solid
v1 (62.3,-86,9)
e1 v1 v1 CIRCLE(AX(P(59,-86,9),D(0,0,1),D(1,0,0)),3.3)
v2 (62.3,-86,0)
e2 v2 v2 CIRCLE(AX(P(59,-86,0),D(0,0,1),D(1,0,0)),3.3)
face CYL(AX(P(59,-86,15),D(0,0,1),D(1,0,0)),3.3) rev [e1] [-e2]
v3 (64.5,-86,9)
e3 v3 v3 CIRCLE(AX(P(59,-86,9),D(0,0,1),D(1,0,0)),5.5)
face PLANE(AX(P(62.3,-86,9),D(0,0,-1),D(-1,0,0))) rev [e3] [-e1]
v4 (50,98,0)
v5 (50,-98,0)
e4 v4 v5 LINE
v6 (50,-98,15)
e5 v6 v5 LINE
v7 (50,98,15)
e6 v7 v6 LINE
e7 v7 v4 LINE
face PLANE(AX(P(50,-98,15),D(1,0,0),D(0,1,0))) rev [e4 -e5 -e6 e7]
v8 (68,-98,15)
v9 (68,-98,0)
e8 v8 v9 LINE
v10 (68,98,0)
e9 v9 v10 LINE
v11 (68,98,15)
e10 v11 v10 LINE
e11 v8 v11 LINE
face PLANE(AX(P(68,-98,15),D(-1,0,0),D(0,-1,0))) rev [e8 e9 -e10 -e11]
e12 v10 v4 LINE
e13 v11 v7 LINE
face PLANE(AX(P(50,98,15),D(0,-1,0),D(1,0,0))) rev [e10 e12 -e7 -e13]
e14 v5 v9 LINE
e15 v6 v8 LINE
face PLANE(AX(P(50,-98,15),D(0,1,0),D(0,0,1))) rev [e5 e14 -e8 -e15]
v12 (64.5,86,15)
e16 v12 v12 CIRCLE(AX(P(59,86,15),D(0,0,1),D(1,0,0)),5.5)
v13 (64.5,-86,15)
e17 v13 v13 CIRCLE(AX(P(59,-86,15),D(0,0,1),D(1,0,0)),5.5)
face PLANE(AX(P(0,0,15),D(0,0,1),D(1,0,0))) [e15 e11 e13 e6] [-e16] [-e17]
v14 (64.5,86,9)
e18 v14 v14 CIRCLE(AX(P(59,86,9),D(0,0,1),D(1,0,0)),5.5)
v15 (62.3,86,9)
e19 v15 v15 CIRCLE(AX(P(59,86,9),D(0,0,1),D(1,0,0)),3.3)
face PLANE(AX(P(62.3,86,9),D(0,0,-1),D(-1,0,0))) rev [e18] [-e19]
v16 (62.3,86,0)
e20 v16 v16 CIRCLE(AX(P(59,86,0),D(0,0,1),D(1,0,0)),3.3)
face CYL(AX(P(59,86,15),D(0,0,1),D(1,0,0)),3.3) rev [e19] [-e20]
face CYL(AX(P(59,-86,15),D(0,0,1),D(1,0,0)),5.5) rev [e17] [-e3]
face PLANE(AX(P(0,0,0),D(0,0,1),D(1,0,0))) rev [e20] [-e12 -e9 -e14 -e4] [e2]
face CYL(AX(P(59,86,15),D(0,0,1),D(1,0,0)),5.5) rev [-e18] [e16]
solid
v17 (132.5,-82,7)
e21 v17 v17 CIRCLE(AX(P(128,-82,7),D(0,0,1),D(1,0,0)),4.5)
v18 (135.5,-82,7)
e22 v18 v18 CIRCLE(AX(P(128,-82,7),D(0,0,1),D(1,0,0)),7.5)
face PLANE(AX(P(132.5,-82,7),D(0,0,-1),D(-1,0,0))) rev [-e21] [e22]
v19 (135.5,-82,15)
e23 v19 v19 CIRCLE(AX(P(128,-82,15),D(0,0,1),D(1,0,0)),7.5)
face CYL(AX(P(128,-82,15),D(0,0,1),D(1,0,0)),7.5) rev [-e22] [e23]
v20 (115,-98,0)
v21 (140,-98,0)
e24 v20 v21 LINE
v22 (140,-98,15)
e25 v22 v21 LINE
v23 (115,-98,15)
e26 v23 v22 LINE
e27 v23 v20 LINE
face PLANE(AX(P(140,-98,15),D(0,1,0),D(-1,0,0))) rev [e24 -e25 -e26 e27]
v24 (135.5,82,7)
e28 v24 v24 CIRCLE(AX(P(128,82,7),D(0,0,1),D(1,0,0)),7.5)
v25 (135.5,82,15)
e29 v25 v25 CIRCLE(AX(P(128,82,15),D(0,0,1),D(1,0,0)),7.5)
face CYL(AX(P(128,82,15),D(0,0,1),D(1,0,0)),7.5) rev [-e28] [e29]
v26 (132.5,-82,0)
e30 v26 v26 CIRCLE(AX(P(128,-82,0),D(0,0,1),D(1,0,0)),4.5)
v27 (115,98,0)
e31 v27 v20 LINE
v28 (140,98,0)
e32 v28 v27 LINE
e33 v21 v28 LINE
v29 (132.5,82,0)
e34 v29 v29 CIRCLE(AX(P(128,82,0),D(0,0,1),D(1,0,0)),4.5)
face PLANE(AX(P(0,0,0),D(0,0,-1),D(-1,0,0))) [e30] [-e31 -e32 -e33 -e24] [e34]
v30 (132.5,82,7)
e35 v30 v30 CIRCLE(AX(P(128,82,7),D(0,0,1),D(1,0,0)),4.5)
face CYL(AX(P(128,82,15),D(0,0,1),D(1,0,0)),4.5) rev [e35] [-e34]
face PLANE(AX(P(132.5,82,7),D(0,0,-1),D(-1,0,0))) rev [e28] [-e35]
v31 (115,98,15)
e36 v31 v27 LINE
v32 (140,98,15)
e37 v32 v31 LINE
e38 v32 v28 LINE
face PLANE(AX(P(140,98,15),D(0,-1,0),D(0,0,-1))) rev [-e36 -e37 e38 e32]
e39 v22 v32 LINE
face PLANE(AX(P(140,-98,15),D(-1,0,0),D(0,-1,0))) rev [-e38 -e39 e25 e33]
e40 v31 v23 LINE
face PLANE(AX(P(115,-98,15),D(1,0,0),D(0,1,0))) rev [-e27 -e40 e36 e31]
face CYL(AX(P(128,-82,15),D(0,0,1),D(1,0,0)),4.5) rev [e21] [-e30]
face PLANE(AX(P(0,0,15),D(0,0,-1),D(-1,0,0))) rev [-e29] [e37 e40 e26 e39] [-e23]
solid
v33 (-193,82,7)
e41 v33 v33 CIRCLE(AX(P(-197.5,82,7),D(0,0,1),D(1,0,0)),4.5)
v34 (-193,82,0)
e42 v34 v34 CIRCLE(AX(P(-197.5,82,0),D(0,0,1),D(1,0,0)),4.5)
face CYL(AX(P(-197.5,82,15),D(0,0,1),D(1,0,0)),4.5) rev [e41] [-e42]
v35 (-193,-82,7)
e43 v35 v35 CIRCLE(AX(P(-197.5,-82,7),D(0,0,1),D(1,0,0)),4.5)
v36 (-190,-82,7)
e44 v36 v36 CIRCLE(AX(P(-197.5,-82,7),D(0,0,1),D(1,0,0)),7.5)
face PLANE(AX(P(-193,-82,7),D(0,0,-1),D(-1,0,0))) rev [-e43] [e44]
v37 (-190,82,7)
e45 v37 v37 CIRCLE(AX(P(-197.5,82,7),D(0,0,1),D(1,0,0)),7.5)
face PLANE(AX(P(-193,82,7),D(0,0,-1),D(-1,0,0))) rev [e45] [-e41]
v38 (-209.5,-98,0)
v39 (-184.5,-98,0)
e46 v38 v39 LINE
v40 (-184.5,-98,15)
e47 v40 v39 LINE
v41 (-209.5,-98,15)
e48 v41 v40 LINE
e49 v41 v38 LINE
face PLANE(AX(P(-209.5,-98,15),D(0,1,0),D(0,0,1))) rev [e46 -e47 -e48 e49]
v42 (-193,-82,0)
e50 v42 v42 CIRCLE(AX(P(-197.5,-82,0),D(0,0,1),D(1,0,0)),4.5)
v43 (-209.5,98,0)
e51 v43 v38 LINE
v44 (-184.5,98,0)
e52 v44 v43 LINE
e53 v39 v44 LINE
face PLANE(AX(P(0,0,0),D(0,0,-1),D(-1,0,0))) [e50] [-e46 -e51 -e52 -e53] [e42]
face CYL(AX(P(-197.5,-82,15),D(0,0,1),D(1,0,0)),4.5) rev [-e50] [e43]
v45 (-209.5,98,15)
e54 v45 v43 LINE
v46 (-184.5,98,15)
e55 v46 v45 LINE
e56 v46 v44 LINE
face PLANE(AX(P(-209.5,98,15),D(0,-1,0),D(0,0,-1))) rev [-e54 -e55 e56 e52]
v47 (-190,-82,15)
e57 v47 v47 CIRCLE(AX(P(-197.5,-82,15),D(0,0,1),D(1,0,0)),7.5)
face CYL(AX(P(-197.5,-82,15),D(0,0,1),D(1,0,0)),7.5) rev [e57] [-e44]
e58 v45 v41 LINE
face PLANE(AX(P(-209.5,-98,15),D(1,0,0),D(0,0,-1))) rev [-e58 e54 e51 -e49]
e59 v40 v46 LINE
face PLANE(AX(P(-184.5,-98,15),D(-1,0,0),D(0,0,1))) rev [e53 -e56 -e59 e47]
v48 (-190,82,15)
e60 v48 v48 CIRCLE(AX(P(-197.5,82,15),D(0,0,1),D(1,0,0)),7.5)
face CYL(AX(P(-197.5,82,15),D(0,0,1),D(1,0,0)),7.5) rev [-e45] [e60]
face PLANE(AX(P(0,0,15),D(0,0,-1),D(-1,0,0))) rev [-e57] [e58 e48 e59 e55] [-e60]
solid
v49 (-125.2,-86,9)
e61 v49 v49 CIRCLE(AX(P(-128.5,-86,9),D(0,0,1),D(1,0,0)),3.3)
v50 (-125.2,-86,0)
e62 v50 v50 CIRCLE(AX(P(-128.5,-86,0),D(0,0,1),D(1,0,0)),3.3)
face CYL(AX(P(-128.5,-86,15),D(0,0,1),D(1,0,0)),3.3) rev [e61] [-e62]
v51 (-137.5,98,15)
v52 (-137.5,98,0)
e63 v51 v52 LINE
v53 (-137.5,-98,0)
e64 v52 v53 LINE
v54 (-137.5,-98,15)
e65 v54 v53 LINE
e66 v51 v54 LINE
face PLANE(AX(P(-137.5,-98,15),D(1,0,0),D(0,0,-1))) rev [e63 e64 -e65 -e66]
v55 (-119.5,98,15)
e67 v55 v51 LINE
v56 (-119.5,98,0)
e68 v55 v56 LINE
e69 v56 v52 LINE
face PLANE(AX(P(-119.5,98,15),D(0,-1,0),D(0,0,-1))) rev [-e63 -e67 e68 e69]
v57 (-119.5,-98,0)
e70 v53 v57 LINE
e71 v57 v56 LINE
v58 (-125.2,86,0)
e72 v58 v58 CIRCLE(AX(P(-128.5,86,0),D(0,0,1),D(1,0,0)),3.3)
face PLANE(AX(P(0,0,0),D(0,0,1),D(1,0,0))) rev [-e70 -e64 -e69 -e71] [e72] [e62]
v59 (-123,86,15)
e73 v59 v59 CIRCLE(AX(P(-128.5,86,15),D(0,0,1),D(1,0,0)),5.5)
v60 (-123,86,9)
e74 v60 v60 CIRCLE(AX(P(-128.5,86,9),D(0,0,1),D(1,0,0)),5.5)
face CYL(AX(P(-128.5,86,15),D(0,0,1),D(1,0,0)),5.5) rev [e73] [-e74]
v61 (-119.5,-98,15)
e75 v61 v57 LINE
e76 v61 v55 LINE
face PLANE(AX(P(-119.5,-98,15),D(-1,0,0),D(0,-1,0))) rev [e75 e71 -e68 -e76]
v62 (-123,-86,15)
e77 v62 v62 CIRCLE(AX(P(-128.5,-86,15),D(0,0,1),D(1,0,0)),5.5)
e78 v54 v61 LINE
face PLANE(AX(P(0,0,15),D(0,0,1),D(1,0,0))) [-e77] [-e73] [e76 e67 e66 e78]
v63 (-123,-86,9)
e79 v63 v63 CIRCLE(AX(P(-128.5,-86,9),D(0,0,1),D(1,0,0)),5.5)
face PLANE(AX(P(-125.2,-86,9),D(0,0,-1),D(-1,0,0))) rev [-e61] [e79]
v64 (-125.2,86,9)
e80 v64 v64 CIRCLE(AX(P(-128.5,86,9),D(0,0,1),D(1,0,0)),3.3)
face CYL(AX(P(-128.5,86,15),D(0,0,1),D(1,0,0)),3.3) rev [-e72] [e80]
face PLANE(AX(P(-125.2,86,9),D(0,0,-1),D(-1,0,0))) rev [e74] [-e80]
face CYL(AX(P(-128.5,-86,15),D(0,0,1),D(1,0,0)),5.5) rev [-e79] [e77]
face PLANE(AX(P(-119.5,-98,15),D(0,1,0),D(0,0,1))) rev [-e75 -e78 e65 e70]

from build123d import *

# Parameters (mm, degrees)
SKETCH1_W                     = 18
SKETCH1_H                     = 196
BOSS_EXTRUDE1_DEPTH           = 15
SKETCH1_W_2                   = 25
BOSS_EXTRUDE1_2_DEPTH         = 15
BOSS_EXTRUDE1_3_DEPTH         = 15
BOSS_EXTRUDE1_4_DEPTH         = 15
CBORE_FOR_M6_SHCS1_AT_2_COUNT = 2
CBORE_FOR_M6_SHCS1_AT_2_PITCH = 172
CBORE_FOR_M6_SHCS2_AT_2_COUNT = 2
CBORE_FOR_M6_SHCS2_AT_2_PITCH = 172
CBORE_FOR_M8_SHCS2_AT_2_COUNT = 2
CBORE_FOR_M8_SHCS2_AT_2_PITCH = 164
CBORE_FOR_M8_SHCS3_AT_2_COUNT = 2
CBORE_FOR_M8_SHCS3_AT_2_PITCH = 164


with BuildPart() as part:
    # Sketch1 → Boss-Extrude1 (new body)
    with BuildSketch(Plane.XY):
        with Locations((-128.5, 0)):
            Rectangle(SKETCH1_W, SKETCH1_H)
    extrude(amount=BOSS_EXTRUDE1_DEPTH)

    # Sketch5 → CBORE for M6 SHCS2 (revolve, cut)
    with BuildSketch(Plane(origin=(-128.5, 86, 15), x_dir=(0, -1, 0), z_dir=(1, 0, 0))):
        Polygon((0, 0), (0, 15), (3.3, 15), (3.3, 6), (5.5, 6), (5.5, 0), align=None)
    cbore_for_m6_shcs2 = revolve(axis=Axis((-128.5, 86, 21.35), (0, 0, -1)), mode=Mode.SUBTRACT)

    # CBORE for M6 SHCS2 at 2: CBORE for M6 SHCS2 ×2
    with Locations(*[(0, -i * CBORE_FOR_M6_SHCS2_AT_2_PITCH, 0) for i in range(1, CBORE_FOR_M6_SHCS2_AT_2_COUNT)]):
        add(cbore_for_m6_shcs2, mode=Mode.SUBTRACT)


with BuildPart() as body_2:
    # Sketch1 → Boss-Extrude1 2 (new body)
    with BuildSketch(Plane.XY):
        with Locations((127.5, 0)):
            Rectangle(SKETCH1_W_2, SKETCH1_H)
    extrude(amount=BOSS_EXTRUDE1_2_DEPTH)

    # Sketch7 → CBORE for M8 SHCS2 (revolve, cut)
    with BuildSketch(Plane(origin=(128, -82, 15), x_dir=(0, -1, 0), z_dir=(1, 0, 0))):
        Polygon((0, 0), (0, 15), (4.5, 15), (4.5, 8), (7.5, 8), (7.5, 0), align=None)
    cbore_for_m8_shcs2 = revolve(axis=Axis((128, -82, 21.35), (0, 0, -1)), mode=Mode.SUBTRACT)

    # CBORE for M8 SHCS2 at 2: CBORE for M8 SHCS2 ×2
    with Locations(*[(0, i * CBORE_FOR_M8_SHCS2_AT_2_PITCH, 0) for i in range(1, CBORE_FOR_M8_SHCS2_AT_2_COUNT)]):
        add(cbore_for_m8_shcs2, mode=Mode.SUBTRACT)


with BuildPart() as body_3:
    # Sketch1 → Boss-Extrude1 3 (new body)
    with BuildSketch(Plane.XY):
        with Locations((-197, 0)):
            Rectangle(SKETCH1_W_2, SKETCH1_H)
    extrude(amount=BOSS_EXTRUDE1_3_DEPTH)

    # Sketch9 → CBORE for M8 SHCS3 (revolve, cut)
    with BuildSketch(Plane(origin=(-197.5, 82, 15), x_dir=(0, -1, 0), z_dir=(1, 0, 0))):
        Polygon((0, 0), (0, 15), (4.5, 15), (4.5, 8), (7.5, 8), (7.5, 0), align=None)
    cbore_for_m8_shcs3 = revolve(axis=Axis((-197.5, 82, 21.35), (0, 0, -1)), mode=Mode.SUBTRACT)

    # CBORE for M8 SHCS3 at 2: CBORE for M8 SHCS3 ×2
    with Locations(*[(0, -i * CBORE_FOR_M8_SHCS3_AT_2_PITCH, 0) for i in range(1, CBORE_FOR_M8_SHCS3_AT_2_COUNT)]):
        add(cbore_for_m8_shcs3, mode=Mode.SUBTRACT)


with BuildPart() as body_4:
    # Sketch1 → Boss-Extrude1 4 (new body)
    with BuildSketch(Plane.XY):
        with Locations((59, 0)):
            Rectangle(SKETCH1_W, SKETCH1_H)
    extrude(amount=BOSS_EXTRUDE1_4_DEPTH)

    # Sketch3 → CBORE for M6 SHCS1 (revolve, cut)
    with BuildSketch(Plane(origin=(59, 86, 15), x_dir=(0, -1, 0), z_dir=(1, 0, 0))):
        Polygon((0, 0), (0, 15), (3.3, 15), (3.3, 6), (5.5, 6), (5.5, 0), align=None)
    cbore_for_m6_shcs1 = revolve(axis=Axis((59, 86, 21.35), (0, 0, -1)), mode=Mode.SUBTRACT)

    # CBORE for M6 SHCS1 at 2: CBORE for M6 SHCS1 ×2
    with Locations(*[(0, -i * CBORE_FOR_M6_SHCS1_AT_2_PITCH, 0) for i in range(1, CBORE_FOR_M6_SHCS1_AT_2_COUNT)]):
        add(cbore_for_m6_shcs1, mode=Mode.SUBTRACT)


solid = Compound([part.part, body_2.part, body_3.part, body_4.part])
